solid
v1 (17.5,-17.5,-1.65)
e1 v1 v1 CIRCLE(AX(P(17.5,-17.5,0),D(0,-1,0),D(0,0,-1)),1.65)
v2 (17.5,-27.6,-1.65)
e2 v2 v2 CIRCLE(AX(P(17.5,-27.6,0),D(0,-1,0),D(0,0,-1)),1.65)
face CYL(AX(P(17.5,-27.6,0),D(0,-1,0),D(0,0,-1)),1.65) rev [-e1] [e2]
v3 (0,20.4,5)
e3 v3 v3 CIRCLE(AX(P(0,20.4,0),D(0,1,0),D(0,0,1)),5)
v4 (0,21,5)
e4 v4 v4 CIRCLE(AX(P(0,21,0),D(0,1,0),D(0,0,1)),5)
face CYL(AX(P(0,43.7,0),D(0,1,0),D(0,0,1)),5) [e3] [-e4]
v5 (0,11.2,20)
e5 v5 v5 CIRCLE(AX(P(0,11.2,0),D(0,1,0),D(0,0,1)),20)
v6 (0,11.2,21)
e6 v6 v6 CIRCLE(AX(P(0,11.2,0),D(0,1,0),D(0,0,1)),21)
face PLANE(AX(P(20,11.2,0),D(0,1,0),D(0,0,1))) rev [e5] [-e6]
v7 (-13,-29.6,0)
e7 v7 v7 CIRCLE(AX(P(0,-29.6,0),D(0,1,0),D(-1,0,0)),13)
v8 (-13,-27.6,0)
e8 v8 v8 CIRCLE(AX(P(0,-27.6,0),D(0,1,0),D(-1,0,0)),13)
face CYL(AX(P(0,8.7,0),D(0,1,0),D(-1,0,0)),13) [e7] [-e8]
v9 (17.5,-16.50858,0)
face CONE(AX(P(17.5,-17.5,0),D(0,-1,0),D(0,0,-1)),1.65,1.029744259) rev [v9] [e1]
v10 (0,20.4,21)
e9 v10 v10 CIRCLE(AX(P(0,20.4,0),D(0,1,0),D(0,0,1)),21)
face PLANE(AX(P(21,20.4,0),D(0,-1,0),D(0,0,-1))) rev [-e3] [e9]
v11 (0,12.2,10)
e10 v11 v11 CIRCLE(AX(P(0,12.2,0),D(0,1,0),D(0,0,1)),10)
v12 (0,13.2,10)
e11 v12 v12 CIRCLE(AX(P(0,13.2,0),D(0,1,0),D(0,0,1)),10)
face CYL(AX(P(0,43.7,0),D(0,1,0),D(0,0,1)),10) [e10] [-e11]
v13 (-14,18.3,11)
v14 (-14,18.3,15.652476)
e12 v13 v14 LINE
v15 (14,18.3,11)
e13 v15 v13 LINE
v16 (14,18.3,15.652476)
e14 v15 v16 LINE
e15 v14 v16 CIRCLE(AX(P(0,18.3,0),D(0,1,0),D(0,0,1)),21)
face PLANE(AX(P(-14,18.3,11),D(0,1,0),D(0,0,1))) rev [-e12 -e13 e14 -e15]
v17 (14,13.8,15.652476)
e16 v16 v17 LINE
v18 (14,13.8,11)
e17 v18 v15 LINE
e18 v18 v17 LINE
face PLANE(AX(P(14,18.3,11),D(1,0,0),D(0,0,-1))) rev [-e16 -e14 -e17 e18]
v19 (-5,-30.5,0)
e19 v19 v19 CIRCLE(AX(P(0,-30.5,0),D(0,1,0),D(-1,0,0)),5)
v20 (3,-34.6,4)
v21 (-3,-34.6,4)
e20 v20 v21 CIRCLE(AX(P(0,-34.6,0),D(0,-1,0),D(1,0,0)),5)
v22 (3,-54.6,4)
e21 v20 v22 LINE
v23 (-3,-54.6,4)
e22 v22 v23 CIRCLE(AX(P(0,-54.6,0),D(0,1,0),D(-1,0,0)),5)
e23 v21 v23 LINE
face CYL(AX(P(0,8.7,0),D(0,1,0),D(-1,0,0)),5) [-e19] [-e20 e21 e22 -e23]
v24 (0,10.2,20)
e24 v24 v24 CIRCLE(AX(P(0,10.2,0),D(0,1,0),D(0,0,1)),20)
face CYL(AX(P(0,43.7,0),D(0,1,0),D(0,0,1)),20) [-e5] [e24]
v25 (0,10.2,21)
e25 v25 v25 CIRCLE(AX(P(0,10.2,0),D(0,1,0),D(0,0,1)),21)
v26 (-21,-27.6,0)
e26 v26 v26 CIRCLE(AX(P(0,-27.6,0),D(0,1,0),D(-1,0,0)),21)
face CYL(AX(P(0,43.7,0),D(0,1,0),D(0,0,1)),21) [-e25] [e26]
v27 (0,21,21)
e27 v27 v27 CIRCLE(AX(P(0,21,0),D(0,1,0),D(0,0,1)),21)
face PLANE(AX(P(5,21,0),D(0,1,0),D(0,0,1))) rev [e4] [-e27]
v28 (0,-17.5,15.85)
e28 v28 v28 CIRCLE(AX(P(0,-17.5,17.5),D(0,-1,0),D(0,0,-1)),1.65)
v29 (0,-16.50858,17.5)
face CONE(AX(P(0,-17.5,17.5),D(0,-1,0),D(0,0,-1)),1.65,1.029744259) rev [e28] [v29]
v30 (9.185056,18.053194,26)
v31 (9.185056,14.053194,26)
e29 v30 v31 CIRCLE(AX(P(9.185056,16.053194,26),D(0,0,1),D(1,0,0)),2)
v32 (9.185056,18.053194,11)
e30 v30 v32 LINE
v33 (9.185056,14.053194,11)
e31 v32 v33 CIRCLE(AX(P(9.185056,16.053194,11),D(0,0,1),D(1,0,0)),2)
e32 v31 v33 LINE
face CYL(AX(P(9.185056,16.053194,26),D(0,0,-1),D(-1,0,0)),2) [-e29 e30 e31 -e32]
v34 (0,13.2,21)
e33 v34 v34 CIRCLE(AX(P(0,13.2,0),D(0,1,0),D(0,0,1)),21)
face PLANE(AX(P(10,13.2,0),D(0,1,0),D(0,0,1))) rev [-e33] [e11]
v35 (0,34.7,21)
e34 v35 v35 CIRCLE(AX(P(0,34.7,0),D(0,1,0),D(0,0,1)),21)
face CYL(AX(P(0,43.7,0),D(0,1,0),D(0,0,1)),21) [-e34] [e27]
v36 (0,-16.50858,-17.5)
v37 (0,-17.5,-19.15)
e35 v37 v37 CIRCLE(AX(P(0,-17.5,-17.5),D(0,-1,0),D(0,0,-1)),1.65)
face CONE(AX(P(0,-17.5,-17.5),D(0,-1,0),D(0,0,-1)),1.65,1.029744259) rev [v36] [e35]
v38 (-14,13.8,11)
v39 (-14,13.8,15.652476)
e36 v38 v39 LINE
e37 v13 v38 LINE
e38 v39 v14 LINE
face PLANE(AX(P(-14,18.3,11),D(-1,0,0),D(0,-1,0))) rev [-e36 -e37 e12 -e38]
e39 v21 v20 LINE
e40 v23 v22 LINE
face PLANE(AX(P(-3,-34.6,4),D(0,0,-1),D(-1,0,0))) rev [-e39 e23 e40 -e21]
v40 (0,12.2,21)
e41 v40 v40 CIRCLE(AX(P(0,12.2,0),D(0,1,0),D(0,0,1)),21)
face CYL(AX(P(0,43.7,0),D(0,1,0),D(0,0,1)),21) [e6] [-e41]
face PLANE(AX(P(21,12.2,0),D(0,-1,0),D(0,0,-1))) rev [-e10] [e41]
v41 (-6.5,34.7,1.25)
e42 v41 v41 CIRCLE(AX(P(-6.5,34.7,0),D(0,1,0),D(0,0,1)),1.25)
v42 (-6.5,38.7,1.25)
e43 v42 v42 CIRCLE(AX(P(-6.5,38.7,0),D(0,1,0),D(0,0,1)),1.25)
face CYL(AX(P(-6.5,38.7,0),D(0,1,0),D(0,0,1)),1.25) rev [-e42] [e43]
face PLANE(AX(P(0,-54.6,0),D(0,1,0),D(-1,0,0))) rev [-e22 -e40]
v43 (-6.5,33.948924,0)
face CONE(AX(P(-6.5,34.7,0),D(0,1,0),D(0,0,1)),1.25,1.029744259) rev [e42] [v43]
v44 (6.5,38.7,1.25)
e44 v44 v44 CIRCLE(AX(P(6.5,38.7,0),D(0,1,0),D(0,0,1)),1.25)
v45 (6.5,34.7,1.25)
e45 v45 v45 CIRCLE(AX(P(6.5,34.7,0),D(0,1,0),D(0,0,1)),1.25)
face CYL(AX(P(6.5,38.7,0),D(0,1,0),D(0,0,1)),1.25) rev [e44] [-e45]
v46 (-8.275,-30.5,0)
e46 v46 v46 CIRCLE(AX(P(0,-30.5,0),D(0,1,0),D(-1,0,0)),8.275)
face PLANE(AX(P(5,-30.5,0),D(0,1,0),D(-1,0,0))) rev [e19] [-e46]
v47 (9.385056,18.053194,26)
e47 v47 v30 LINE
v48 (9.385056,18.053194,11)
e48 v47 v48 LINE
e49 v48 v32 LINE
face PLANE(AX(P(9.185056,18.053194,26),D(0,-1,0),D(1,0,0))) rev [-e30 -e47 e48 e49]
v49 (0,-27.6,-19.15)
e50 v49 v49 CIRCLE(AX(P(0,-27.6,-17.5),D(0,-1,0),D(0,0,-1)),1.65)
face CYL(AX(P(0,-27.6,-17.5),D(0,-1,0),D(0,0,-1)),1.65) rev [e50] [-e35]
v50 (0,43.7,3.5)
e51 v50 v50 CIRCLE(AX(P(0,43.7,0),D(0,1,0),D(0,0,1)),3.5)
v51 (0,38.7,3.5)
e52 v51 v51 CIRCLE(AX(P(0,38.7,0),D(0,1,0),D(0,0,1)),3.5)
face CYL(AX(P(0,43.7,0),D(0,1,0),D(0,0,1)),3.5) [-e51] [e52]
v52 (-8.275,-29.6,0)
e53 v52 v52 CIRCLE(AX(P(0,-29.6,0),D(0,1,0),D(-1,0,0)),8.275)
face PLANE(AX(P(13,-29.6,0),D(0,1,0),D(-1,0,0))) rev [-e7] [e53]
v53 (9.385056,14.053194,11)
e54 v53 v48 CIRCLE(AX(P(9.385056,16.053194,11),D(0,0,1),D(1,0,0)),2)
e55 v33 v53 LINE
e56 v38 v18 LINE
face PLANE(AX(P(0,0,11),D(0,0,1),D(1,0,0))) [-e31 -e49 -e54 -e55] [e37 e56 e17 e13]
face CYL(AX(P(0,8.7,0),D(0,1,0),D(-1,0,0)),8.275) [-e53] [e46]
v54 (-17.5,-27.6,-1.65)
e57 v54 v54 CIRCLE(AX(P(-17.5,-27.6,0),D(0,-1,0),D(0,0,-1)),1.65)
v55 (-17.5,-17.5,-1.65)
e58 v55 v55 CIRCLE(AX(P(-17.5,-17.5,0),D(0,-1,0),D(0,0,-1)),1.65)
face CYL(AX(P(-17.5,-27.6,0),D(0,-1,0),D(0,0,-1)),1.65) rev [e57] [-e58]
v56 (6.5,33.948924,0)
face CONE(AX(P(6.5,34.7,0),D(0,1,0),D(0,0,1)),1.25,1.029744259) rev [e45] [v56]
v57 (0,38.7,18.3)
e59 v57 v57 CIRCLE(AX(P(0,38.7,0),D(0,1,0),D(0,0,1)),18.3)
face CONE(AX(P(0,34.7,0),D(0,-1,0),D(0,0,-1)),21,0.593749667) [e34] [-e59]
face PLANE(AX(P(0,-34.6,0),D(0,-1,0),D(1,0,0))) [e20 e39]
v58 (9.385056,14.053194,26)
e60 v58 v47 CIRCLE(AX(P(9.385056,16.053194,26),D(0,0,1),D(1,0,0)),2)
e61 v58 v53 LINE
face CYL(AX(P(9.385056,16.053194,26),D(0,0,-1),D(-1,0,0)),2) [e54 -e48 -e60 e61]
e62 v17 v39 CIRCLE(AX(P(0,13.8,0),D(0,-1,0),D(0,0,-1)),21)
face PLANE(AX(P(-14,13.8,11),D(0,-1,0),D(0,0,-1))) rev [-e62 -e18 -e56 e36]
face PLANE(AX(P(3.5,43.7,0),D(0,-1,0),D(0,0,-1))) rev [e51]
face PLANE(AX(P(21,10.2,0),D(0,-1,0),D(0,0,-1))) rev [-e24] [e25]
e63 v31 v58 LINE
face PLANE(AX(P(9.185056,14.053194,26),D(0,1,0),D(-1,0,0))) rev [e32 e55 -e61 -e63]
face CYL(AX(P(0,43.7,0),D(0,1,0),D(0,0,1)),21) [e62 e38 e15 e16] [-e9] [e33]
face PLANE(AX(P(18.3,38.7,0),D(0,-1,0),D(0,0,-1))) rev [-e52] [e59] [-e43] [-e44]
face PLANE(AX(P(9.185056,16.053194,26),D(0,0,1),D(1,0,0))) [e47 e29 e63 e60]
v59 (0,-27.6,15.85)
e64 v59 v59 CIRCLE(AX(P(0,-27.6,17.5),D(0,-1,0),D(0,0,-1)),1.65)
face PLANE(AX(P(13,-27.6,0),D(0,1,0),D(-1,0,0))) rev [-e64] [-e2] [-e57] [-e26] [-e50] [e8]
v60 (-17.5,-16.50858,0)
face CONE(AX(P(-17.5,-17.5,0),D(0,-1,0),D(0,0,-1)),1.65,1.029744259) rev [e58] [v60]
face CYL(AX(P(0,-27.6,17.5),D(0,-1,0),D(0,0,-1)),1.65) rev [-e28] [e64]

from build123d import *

# Parameters (mm, degrees)
SKETCH_2_W             = 28
SKETCH_2_H             = 4.5
CUT_EXTRUDE_1_DEPTH    = 10
EXTRUDE_1_DEPTH        = 15
HOLE_WIZARD_M3_1_D     = 2.5
HOLE_WIZARD_M3_1_DEPTH = 4
HOLE_WIZARD_M3_1_TIP   = 0.751075774
CUT_EXTRUDE_2_DEPTH    = 20
HOLE_WIZARD_M4_1_D     = 3.3
HOLE_WIZARD_M4_1_DEPTH = 10.1
HOLE_WIZARD_M4_1_TIP   = 0.991420021


with BuildPart() as part:
    # 草图1 → 旋转1 (revolve)
    with BuildSketch(Plane.XY):
        Polygon((0, 0), (4.1, 0), (4.1, 6.7), (13.4, 6.7), (13.4, 8.7), (21, 8.7), (21, 10.2), (20, 10.2), (20, 11.2), (21, 11.2), (21, 12.2), (10, 12.2), (10, 13.2), (21, 13.2), (21, 20.4), (5, 20.4), (5, 21), (21, 21), (21, 34.7), (18.3, 38.7), (3.5, 38.7), (3.5, 43.7), (0, 43.7), align=None)
    revolve(axis=Axis((0, 43.7, 0), (0, -1, 0)))

    # 草图2 → 切除-拉伸1 (cut)
    with BuildSketch(Plane.XY.offset(21)):
        with Locations((0, 16.05)):
            Rectangle(SKETCH_2_W, SKETCH_2_H)
    extrude(amount=-CUT_EXTRUDE_1_DEPTH, mode=Mode.SUBTRACT)

    # 草图3 → 凸台-拉伸1 (add)
    with BuildSketch(Plane.XY.offset(11)):
        with BuildLine():
            Line((9.185056323, 18.053194417), (9.385056323, 18.053194417))
            ThreePointArc((9.385056323, 18.053194417), (11.385056323, 16.053194417), (9.385056323, 14.053194417))
            Line((9.385056323, 14.053194417), (9.185056323, 14.053194417))
            ThreePointArc((9.185056323, 14.053194417), (7.185056323, 16.053194417), (9.185056323, 18.053194417))
        make_face()
    extrude(amount=EXTRUDE_1_DEPTH)

    # M3 螺纹孔1
    with Locations(Plane(origin=(0, 38.7, 0), x_dir=(1, 0, 0), z_dir=(0, 1, 0))):
        with Locations((-6.5, 0), (6.5, 0)):
            Hole(HOLE_WIZARD_M3_1_D / 2, depth=HOLE_WIZARD_M3_1_DEPTH)
            with Locations((0, 0, -(HOLE_WIZARD_M3_1_DEPTH + HOLE_WIZARD_M3_1_TIP / 2))):  # 118° drill point
                Cone(0, HOLE_WIZARD_M3_1_D / 2, HOLE_WIZARD_M3_1_TIP, mode=Mode.SUBTRACT)

    # 草图7 → 旋转2 (revolve)
    with BuildSketch(Plane.XY):
        Polygon((0, -54.6), (5, -54.6), (5, -30.5), (8.275, -30.5), (8.275, -29.6), (13, -29.6), (13, -27.6), (21, -27.6), (21, 8.7), (0, 8.7), align=None)
    revolve(axis=Axis((0, 8.7, 0), (0, -1, 0)))

    # 草图8 → 切除-拉伸2 (cut)
    with BuildSketch(Plane.XZ.offset(54.6)):
        with BuildLine():
            Line((-3, 4), (3, 4))
            ThreePointArc((3, 4), (0, 5), (-3, 4))
        make_face()
    extrude(amount=-CUT_EXTRUDE_2_DEPTH, mode=Mode.SUBTRACT)

    # M4 螺纹孔1
    with Locations(Plane(origin=(0, -27.6, 0), x_dir=(-1, 0, 0), z_dir=(0, -1, 0))):
        with Locations((0, -17.5), (-17.5, 0), (0, 17.5), (17.5, 0)):
            Hole(HOLE_WIZARD_M4_1_D / 2, depth=HOLE_WIZARD_M4_1_DEPTH)
            with Locations((0, 0, -(HOLE_WIZARD_M4_1_DEPTH + HOLE_WIZARD_M4_1_TIP / 2))):  # 118° drill point
                Cone(0, HOLE_WIZARD_M4_1_D / 2, HOLE_WIZARD_M4_1_TIP, mode=Mode.SUBTRACT)


solid = part.part
